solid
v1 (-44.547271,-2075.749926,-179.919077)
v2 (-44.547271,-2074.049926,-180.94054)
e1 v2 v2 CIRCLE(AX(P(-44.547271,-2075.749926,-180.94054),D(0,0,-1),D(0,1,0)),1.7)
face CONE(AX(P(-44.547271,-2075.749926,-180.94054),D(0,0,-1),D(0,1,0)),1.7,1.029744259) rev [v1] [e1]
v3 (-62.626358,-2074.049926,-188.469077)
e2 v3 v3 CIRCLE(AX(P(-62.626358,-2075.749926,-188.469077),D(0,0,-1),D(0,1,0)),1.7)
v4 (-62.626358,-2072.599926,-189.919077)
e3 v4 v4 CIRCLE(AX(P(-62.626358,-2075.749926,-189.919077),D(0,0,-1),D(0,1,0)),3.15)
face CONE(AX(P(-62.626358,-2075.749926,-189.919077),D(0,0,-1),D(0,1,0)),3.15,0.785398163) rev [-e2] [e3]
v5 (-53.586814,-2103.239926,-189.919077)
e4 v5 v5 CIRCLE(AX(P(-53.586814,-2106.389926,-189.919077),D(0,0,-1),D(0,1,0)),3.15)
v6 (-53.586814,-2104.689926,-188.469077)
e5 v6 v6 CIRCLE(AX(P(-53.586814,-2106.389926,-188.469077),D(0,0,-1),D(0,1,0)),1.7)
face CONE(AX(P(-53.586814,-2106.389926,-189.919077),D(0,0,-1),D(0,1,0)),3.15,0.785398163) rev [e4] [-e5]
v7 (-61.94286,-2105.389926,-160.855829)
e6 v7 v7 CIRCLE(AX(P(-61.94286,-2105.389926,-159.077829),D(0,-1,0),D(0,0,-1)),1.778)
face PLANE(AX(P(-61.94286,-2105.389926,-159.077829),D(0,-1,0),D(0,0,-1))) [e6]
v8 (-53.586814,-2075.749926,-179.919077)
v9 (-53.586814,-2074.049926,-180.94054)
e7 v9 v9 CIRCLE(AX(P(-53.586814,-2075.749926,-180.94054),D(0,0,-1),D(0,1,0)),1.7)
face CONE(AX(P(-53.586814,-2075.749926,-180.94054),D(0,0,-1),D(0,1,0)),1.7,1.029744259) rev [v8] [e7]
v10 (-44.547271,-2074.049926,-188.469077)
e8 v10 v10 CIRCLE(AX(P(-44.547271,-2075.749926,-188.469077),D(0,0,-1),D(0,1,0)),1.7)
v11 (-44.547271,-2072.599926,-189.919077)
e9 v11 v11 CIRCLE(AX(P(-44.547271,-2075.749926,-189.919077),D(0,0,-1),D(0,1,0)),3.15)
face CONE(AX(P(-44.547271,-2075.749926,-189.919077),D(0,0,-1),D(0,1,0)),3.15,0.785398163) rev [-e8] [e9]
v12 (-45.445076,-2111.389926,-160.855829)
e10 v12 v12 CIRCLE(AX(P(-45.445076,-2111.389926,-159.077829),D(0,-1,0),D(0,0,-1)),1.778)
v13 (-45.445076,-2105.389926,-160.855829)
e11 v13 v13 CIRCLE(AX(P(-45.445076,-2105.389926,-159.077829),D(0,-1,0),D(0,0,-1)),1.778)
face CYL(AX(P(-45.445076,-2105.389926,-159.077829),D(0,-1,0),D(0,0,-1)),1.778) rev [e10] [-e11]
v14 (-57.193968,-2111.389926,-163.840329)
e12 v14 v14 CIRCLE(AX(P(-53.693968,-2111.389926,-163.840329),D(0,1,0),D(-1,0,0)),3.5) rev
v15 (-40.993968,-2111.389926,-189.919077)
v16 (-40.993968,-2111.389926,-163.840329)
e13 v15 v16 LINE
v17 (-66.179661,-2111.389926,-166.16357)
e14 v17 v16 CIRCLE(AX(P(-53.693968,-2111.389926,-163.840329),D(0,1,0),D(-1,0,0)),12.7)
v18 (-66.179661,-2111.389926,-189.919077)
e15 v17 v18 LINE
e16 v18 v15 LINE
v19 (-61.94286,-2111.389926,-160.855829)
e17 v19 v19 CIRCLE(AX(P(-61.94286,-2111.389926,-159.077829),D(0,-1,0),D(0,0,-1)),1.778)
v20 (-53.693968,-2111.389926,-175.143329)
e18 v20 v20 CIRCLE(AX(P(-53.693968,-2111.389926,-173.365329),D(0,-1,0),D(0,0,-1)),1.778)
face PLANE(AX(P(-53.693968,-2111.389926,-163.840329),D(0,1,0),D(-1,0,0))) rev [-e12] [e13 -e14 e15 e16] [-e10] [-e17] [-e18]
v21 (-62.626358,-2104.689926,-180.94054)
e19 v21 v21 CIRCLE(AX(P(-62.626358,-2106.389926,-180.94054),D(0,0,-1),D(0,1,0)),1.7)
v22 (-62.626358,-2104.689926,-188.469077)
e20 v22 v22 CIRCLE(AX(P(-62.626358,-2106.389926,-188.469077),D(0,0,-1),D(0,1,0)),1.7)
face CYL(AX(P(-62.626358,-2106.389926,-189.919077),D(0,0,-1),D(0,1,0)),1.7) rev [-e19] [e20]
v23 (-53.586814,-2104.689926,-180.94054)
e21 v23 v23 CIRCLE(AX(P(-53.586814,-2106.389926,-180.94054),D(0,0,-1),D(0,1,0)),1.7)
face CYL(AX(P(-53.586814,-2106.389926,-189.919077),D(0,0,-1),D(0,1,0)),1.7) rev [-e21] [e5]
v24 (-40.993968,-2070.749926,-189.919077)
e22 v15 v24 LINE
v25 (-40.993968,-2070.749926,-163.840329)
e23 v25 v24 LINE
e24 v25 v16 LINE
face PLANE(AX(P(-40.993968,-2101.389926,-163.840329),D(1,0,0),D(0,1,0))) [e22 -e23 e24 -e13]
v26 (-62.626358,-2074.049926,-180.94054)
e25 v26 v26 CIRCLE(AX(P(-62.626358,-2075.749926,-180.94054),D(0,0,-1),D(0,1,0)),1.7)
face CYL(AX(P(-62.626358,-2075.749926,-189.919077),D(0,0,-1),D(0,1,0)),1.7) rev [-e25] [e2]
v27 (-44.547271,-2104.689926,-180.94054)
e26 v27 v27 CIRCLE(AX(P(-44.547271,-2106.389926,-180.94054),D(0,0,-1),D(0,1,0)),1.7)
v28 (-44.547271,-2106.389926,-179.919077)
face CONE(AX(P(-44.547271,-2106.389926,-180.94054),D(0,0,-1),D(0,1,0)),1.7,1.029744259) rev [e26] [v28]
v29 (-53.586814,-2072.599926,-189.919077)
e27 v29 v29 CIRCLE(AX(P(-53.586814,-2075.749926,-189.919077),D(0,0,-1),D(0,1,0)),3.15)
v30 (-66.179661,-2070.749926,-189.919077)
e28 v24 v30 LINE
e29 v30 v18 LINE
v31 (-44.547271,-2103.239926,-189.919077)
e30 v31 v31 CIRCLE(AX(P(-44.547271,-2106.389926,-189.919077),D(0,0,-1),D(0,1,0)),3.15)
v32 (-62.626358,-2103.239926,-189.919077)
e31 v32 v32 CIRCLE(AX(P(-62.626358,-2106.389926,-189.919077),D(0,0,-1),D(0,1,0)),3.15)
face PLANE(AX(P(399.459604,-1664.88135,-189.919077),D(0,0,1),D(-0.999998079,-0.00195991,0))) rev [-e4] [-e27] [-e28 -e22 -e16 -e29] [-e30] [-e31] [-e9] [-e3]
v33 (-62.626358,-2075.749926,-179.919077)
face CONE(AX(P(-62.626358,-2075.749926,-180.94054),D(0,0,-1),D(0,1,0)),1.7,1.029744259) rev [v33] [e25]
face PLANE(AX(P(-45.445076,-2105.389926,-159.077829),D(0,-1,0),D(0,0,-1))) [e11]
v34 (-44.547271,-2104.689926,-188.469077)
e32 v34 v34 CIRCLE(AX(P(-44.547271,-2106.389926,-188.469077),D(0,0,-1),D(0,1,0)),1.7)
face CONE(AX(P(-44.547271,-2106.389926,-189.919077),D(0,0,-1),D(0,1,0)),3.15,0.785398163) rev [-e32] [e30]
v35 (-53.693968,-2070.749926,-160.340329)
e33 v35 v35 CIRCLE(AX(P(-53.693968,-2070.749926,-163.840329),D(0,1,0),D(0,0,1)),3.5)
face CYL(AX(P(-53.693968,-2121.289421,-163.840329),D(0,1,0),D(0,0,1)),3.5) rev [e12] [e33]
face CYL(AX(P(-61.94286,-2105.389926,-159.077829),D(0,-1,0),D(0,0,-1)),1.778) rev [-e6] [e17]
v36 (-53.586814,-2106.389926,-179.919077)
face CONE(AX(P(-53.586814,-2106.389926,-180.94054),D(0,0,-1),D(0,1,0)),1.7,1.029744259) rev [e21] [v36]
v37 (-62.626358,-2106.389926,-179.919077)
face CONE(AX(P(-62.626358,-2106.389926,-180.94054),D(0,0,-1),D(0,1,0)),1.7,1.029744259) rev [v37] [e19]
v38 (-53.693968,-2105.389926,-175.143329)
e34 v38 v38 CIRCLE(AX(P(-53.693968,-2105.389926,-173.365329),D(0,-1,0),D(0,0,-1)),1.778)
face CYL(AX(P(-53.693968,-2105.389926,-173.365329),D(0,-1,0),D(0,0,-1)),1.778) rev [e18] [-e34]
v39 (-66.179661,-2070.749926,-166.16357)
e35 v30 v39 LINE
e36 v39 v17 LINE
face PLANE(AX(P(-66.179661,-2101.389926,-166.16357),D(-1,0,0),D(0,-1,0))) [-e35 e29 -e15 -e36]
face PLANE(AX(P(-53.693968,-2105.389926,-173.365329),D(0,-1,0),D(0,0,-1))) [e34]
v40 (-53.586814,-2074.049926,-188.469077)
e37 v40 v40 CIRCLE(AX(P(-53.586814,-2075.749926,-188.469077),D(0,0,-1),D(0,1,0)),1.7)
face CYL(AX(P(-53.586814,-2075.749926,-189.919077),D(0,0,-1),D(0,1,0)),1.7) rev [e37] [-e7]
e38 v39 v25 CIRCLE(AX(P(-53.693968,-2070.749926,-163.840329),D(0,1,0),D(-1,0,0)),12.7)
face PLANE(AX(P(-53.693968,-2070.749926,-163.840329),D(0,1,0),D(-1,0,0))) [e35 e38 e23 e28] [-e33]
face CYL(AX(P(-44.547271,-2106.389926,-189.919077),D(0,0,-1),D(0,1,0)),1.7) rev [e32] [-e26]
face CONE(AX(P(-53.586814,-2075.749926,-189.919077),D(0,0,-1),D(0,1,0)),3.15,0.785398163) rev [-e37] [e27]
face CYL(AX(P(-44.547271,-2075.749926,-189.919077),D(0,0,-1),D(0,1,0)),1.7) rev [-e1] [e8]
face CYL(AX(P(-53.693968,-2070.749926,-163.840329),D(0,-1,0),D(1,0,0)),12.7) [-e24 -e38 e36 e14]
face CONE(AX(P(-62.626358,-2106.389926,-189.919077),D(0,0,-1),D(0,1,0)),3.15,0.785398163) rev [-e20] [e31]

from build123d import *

# Parameters (mm, degrees)
SKETCH2_R                                      = 12.7
BOSS_EXTRUDE6_DEPTH                            = 40.64
SKETCH3_R                                      = 3.5
CUT_EXTRUDE1_DEPTH                             = 40.64
SKETCH4_R                                      = 1.778
CUT_EXTRUDE2_DEPTH                             = 6
BOSS_EXTRUDE8_DEPTH                            = 10
SKETCH8_W                                      = 25.185693912
SKETCH8_H                                      = 10
BOSS_EXTRUDE9_DEPTH                            = 7.284789049
BOSS_EXTRUDE10_DEPTH                           = 30.64
CSK_FOR_M3_FLAT_HEAD_MACHINE_SCREW1_AT_2_COUNT = 2
CSK_FOR_M3_FLAT_HEAD_MACHINE_SCREW1_AT_2_PITCH = 9.039543014
CSK_FOR_M3_FLAT_HEAD_MACHINE_SCREW1_AT_3_COUNT = 2
CSK_FOR_M3_FLAT_HEAD_MACHINE_SCREW1_AT_3_PITCH = 9.039543014


with BuildPart() as part:
    # Sketch2 → Boss-Extrude6 (new body)
    with BuildSketch(Plane(origin=(0, -2111.389926236, 0), x_dir=(1, 0, 0), z_dir=(0, 1, 0))):
        with Locations(Location((-53.693967541, 163.840329354, 0), (0, 0, 180))):
            Circle(SKETCH2_R)
    extrude(amount=BOSS_EXTRUDE6_DEPTH)

    # Sketch3 → Cut-Extrude1 (cut)
    with BuildSketch(Plane(origin=(0, -2070.749926236, 0), x_dir=(1, 0, 0), z_dir=(0, 1, 0))):
        with Locations(Location((-53.693967541, 163.840329354, 0), (0, 0, 270))):
            Circle(SKETCH3_R)
    extrude(amount=-CUT_EXTRUDE1_DEPTH, mode=Mode.SUBTRACT)

    # Sketch4 → Cut-Extrude2 (cut)
    with BuildSketch(Plane.XZ.offset(2111.389926236)):
        with Locations(Location((-61.942859512, -159.077829354, 0), (0, 0, 270))):
            Circle(SKETCH4_R)
        with Locations(Location((-53.693967541, -173.365329354, 0), (0, 0, 270))):
            Circle(SKETCH4_R)
        with Locations(Location((-45.44507557, -159.077829354, 0), (0, 0, 270))):
            Circle(SKETCH4_R)
    extrude(amount=-CUT_EXTRUDE2_DEPTH, mode=Mode.SUBTRACT)

    # Sketch7 → Boss-Extrude8 (add)
    with BuildSketch(Plane.XZ.offset(2111.389926236)):
        with BuildLine():
            Line((-40.993967541, -163.840329354), (-40.993967541, -182.634287878))
            Line((-40.993967541, -182.634287878), (-66.179661453, -182.634287878))
            Line((-66.179661453, -182.634287878), (-66.179661453, -166.163570095))
            ThreePointArc((-66.179661453, -166.163570095), (-52.527415502, -176.486639343), (-40.993967541, -163.840329354))
        make_face()
    extrude(amount=-BOSS_EXTRUDE8_DEPTH)

    # Sketch8 → Boss-Extrude9 (add)
    with BuildSketch(Plane(origin=(0, 0, -182.634287878), x_dir=(-1, 0, 0), z_dir=(0, 0, -1))):
        with Locations((53.586814497, -2106.389926236)):
            Rectangle(SKETCH8_W, SKETCH8_H)
    extrude(amount=BOSS_EXTRUDE9_DEPTH)

    # Sketch9 → Boss-Extrude10 (add)
    with BuildSketch(Plane(origin=(0, -2070.749926236, 0), x_dir=(1, 0, 0), z_dir=(0, 1, 0))):
        with BuildLine():
            Line((-66.179661453, 163.840329354), (-66.179661453, 189.919076927))
            Line((-66.179661453, 189.919076927), (-40.993967541, 189.919076927))
            Line((-40.993967541, 189.919076927), (-40.993967541, 163.840329354))
            ThreePointArc((-40.993967541, 163.840329354), (-53.586814497, 176.43317631), (-66.179661453, 163.840329354))
        make_face()
    extrude(amount=-BOSS_EXTRUDE10_DEPTH)

    # Sketch15 → CSK for M3 Flat Head Machine Screw1 (revolve, cut)
    with BuildSketch(Plane(origin=(-53.586814498, -2075.749926236, -189.919076927), x_dir=(0, 1, 0), z_dir=(1, 0, 0))):
        Polygon((0, 0), (0, 10), (1.7, 8.978536948), (1.7, 1.45), (3.15, 0), align=None)
    csk_for_m3_flat_head_machine_screw1 = revolve(axis=Axis((-53.586814498, -2075.749926236, -196.269076927), (0, 0, 1)), mode=Mode.SUBTRACT)

    # CSK for M3 Flat Head Machine Screw1 at 2: CSK for M3 Flat Head Machine Screw1 ×2
    with Locations(*[(-i * CSK_FOR_M3_FLAT_HEAD_MACHINE_SCREW1_AT_2_PITCH, 0, 0) for i in range(1, CSK_FOR_M3_FLAT_HEAD_MACHINE_SCREW1_AT_2_COUNT)]):
        add(csk_for_m3_flat_head_machine_screw1, mode=Mode.SUBTRACT)

    # CSK for M3 Flat Head Machine Screw1 at 3: CSK for M3 Flat Head Machine Screw1 ×2
    with Locations(*[(i * CSK_FOR_M3_FLAT_HEAD_MACHINE_SCREW1_AT_3_PITCH, 0, 0) for i in range(1, CSK_FOR_M3_FLAT_HEAD_MACHINE_SCREW1_AT_3_COUNT)]):
        add(csk_for_m3_flat_head_machine_screw1, mode=Mode.SUBTRACT)

    # Mirror1: CSK for M3 Flat Head Machine Screw1 across plane
    add(csk_for_m3_flat_head_machine_screw1.mirror(Plane.ZX.offset(-2091.069926234)), mode=Mode.SUBTRACT)

    # Mirror1 copy 1 sketch → Mirror1 copy 1 (revolve, cut)
    with BuildSketch(Plane(origin=(-62.626357512, -2106.389926232, -189.919076927), x_dir=(0, -1, 0), z_dir=(1, 0, 0))):
        Polygon((0, 0), (0, -10), (1.7, -8.978536948), (1.7, -1.45), (3.15, 0), align=None)
    revolve(axis=Axis((-62.626357512, -2106.389926232, -196.269076927), (0, 0, -1)), mode=Mode.SUBTRACT)

    # Mirror1 copy 2 sketch → Mirror1 copy 2 (revolve, cut)
    with BuildSketch(Plane(origin=(-44.547271484, -2106.389926232, -189.919076927), x_dir=(0, -1, 0), z_dir=(1, 0, 0))):
        Polygon((0, 0), (0, -10), (1.7, -8.978536948), (1.7, -1.45), (3.15, 0), align=None)
    revolve(axis=Axis((-44.547271484, -2106.389926232, -196.269076927), (0, 0, -1)), mode=Mode.SUBTRACT)


solid = part.part
